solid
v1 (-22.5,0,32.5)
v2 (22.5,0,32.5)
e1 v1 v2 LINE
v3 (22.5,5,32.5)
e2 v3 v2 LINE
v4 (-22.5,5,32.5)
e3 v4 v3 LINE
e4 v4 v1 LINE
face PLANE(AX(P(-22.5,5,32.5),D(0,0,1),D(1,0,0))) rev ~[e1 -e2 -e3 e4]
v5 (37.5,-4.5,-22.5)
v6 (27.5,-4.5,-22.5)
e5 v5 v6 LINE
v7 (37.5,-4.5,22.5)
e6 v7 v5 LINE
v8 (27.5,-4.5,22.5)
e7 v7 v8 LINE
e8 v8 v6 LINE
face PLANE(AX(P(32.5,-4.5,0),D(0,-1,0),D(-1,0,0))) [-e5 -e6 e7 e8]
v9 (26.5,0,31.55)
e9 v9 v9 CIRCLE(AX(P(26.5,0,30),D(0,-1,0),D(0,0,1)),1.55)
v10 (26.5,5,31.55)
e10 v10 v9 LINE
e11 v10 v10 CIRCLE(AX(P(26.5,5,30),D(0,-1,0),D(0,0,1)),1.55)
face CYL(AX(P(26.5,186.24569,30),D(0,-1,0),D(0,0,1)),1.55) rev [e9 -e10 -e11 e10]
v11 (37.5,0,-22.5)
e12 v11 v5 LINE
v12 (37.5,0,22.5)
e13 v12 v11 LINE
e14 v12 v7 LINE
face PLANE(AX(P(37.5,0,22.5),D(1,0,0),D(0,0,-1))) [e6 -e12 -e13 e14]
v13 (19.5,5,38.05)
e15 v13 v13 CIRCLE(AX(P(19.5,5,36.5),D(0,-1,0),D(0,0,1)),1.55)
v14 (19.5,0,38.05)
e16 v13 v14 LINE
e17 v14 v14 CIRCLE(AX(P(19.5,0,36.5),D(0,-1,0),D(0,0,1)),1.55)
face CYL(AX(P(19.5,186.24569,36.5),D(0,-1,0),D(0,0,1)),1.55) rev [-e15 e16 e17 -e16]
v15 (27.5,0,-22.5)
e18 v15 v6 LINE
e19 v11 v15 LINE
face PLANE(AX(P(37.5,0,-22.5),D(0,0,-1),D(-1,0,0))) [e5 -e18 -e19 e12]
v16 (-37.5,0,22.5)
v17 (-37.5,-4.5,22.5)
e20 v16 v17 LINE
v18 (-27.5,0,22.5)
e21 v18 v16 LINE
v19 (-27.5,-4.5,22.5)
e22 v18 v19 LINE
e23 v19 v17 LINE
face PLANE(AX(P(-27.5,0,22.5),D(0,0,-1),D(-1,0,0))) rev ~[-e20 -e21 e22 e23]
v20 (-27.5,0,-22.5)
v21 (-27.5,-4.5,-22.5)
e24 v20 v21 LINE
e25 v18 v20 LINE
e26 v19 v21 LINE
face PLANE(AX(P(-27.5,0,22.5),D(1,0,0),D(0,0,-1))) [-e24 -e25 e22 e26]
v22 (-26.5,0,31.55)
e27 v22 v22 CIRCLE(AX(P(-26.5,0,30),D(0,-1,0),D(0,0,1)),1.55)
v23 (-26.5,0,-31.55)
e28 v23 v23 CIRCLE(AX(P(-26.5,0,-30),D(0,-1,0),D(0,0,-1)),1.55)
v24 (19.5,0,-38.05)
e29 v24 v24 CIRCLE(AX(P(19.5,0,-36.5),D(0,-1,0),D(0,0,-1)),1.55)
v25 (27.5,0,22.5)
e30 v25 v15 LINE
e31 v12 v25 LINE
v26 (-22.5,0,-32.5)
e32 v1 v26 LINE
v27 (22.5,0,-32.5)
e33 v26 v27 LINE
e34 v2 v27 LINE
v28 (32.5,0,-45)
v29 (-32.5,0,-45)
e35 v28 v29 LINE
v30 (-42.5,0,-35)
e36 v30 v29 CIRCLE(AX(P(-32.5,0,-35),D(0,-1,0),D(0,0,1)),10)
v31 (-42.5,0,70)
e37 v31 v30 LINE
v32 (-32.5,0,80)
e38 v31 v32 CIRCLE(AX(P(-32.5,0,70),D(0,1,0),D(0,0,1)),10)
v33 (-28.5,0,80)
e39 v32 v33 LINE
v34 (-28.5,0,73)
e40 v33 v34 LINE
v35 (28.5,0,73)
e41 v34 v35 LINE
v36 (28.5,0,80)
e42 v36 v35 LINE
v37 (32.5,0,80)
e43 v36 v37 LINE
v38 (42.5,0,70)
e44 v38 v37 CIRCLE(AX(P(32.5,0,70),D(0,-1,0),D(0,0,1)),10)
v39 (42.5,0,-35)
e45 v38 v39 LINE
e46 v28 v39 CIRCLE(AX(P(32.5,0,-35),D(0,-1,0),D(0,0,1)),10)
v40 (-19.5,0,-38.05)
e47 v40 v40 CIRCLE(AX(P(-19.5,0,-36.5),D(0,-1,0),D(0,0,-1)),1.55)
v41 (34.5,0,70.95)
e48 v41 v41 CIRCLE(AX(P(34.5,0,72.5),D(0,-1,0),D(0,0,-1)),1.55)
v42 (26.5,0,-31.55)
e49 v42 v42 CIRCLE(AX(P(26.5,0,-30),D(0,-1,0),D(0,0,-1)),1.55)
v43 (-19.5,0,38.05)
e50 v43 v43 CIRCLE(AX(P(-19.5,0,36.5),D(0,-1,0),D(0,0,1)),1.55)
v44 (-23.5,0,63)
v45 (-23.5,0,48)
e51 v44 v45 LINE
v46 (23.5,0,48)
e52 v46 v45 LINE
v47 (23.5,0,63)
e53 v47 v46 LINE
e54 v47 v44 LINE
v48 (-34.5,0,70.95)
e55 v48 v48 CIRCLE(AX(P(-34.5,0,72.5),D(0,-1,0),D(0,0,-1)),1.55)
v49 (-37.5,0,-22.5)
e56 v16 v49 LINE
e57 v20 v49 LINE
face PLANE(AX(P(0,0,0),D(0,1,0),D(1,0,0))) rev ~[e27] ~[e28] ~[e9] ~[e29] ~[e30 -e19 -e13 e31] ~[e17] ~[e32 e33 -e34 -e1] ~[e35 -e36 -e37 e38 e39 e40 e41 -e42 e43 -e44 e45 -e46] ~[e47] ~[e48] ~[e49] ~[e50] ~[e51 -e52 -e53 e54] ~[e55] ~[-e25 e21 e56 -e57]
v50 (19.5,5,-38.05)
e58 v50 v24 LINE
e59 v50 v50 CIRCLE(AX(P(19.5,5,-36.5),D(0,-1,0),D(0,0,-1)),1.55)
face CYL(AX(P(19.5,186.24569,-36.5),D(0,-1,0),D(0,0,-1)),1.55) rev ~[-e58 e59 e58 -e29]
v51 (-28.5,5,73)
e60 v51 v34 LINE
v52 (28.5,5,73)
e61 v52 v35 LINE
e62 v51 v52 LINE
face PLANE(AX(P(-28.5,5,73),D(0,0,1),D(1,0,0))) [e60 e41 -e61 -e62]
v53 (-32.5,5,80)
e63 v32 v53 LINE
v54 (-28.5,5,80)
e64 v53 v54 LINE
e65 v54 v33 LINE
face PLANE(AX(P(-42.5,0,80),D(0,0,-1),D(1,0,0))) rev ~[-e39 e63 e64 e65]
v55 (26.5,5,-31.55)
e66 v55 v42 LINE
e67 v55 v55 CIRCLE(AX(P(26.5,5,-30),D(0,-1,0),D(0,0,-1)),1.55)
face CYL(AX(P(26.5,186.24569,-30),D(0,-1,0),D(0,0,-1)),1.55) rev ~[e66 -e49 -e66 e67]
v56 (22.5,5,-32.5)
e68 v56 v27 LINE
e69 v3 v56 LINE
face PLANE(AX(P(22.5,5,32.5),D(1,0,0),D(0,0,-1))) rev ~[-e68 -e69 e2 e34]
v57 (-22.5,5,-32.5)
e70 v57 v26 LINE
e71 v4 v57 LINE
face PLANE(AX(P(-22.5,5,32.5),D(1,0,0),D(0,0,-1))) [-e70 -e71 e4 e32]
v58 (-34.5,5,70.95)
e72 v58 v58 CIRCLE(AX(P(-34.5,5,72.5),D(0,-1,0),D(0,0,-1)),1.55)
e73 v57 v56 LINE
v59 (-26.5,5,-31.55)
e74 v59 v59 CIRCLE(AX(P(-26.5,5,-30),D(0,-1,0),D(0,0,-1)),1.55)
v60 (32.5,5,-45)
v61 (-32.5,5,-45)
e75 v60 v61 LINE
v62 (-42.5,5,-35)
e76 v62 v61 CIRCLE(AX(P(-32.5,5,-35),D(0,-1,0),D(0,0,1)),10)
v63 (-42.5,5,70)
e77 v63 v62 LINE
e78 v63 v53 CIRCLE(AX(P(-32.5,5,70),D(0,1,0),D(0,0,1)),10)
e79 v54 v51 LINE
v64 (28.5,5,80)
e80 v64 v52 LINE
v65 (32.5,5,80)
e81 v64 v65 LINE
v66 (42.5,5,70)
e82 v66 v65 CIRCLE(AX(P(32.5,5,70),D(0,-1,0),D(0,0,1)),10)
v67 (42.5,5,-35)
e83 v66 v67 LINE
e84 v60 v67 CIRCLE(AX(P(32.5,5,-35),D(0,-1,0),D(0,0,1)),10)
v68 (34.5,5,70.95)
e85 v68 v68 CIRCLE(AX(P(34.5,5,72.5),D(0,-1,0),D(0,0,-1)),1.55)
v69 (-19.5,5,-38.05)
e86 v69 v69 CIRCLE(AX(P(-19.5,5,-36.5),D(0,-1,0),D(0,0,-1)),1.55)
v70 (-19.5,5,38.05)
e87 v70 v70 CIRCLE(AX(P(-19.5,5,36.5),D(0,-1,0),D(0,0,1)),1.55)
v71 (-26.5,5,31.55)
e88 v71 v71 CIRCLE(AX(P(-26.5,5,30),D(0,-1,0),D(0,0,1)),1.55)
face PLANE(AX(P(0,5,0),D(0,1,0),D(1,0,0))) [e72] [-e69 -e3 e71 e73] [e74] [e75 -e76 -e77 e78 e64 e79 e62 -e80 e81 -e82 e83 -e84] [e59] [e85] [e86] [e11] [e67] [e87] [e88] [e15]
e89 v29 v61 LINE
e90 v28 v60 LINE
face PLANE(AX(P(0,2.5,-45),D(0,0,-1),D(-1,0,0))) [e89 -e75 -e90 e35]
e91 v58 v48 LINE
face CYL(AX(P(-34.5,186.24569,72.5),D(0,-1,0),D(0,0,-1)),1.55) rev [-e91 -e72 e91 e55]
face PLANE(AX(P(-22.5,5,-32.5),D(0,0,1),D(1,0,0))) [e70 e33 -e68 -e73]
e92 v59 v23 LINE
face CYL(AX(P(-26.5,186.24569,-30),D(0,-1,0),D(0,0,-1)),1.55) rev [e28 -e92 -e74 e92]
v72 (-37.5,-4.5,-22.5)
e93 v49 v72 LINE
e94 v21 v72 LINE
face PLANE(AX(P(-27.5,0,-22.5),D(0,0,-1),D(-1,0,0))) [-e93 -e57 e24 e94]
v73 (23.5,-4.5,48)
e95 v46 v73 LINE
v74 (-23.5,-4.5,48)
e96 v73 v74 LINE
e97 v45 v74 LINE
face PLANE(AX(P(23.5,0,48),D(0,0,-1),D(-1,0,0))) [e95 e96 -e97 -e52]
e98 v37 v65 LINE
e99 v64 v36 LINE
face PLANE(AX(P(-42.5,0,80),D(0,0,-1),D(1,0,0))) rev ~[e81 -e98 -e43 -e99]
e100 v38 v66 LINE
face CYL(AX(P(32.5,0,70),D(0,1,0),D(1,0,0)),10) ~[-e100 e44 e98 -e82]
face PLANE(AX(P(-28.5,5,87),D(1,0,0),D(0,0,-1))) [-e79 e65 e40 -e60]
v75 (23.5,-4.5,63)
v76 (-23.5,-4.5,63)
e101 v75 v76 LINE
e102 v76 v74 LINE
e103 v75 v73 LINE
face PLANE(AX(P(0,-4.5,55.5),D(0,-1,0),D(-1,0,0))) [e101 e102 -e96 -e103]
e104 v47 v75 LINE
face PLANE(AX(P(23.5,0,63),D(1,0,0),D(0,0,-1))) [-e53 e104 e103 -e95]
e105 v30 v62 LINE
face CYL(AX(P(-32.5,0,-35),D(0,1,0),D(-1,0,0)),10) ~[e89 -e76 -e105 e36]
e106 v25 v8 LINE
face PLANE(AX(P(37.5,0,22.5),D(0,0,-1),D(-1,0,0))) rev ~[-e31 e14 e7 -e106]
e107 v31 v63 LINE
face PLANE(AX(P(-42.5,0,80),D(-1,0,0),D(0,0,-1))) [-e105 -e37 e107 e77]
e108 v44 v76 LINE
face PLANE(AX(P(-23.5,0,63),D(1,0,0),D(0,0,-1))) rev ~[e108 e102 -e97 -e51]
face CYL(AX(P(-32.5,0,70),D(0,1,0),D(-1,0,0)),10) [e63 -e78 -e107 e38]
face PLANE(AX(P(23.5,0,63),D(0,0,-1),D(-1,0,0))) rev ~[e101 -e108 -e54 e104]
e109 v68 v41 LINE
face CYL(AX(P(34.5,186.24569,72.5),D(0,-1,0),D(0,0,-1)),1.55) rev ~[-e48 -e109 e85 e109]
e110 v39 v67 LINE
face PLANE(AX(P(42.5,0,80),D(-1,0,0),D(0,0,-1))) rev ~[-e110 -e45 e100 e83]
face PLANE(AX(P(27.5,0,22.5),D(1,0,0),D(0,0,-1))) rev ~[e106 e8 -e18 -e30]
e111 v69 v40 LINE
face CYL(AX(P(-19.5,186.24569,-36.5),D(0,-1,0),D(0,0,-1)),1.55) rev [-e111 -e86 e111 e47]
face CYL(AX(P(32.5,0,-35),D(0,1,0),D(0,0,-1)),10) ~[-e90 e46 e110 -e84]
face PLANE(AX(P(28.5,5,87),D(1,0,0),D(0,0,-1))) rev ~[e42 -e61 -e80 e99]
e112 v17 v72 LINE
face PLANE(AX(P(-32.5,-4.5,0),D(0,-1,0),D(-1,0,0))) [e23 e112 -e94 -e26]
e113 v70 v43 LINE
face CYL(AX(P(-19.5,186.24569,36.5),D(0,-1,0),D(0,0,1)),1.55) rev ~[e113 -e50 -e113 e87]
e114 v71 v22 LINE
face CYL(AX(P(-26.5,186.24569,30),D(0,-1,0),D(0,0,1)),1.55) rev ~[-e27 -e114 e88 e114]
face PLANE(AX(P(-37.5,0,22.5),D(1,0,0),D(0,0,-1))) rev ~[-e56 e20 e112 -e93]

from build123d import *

# Parameters (mm, degrees)
SKETCH1_W             = 85
SKETCH1_H             = 160
BOSS_EXTRUDE1_DEPTH   = 5
SKETCH2_W             = 45
SKETCH2_H             = 65
CUT_EXTRUDE1_DEPTH    = 91.726236558
SKETCH8_W             = 57
SKETCH8_H             = 14
CUT_EXTRUDE2_DEPTH    = 91.726236558
F_2_0MM_DOWEL_HOLE1_D = 3.1
MIRROR9_COPY_1_D      = 3.1
F_2_0MM_DOWEL_HOLE3_D = 3.1
MIRROR11_COPY_1_D     = 3.1
F_2_5MM_DOWEL_HOLE4_D = 3.1
SKETCH39_W            = 85
SKETCH39_H            = 5
CUT_EXTRUDE3_DEPTH    = 35
FILLET1_R             = 10
SKETCH41_W            = 47
SKETCH41_H            = 15
SKETCH41_W_2          = 10
SKETCH41_H_2          = 45
BOSS_EXTRUDE3_DEPTH   = 4.5


with BuildPart() as part:
    # Sketch1 → Boss-Extrude1 (new body)
    with BuildSketch(Plane(origin=(0, 0, 0), x_dir=(1, 0, 0), z_dir=(0, 1, 0))):
        Rectangle(SKETCH1_W, SKETCH1_H)
    extrude(amount=BOSS_EXTRUDE1_DEPTH)

    # Sketch2 → Cut-Extrude1 (cut, through all)
    with BuildSketch(Plane(origin=(0, 5, 0), x_dir=(1, 0, 0), z_dir=(0, 1, 0))):
        Rectangle(SKETCH2_W, SKETCH2_H)
    extrude(amount=-CUT_EXTRUDE1_DEPTH, mode=Mode.SUBTRACT)

    # Sketch8 → Cut-Extrude2 (cut, through all)
    with BuildSketch(Plane(origin=(0, 5, 0), x_dir=(1, 0, 0), z_dir=(0, 1, 0))):
        with Locations((0, -80)):
            Rectangle(SKETCH8_W, SKETCH8_H)
    extrude(amount=-CUT_EXTRUDE2_DEPTH, mode=Mode.SUBTRACT)

    # Ø2.0mm Dowel Hole1 (through all)
    with Locations(Plane(origin=(26.5, 5, -30), x_dir=(0, 0, 1), z_dir=(0, 1, 0))):
        with Locations((0, 0)):
            f_2_0mm_dowel_hole1 = Hole(F_2_0MM_DOWEL_HOLE1_D / 2)

    # Mirror8: Ø2.0mm Dowel Hole1 across plane
    add(f_2_0mm_dowel_hole1.mirror(Plane(origin=(0, 0, 0), x_dir=(0, 0, 1), z_dir=(1, 0, 0))), mode=Mode.SUBTRACT)

    # Mirror9: Ø2.0mm Dowel Hole1 across plane
    add(f_2_0mm_dowel_hole1.mirror(Plane.XY), mode=Mode.SUBTRACT)

    # Mirror9 copy 1 (through all)
    with Locations(Plane(origin=(-26.5, 5, 30), x_dir=(0, 0, -1), z_dir=(0, 1, 0))):
        with Locations((0, 0)):
            Hole(MIRROR9_COPY_1_D / 2)

    # Ø2.0mm Dowel Hole3 (through all)
    with Locations(Plane(origin=(19.5, 5, -36.5), x_dir=(0, 0, 1), z_dir=(0, 1, 0))):
        with Locations((0, 0)):
            f_2_0mm_dowel_hole3 = Hole(F_2_0MM_DOWEL_HOLE3_D / 2)

    # Mirror10: Ø2.0mm Dowel Hole3 across plane
    add(f_2_0mm_dowel_hole3.mirror(Plane(origin=(0, 0, 0), x_dir=(0, 0, 1), z_dir=(1, 0, 0))), mode=Mode.SUBTRACT)

    # Mirror11: Ø2.0mm Dowel Hole3 across plane
    add(f_2_0mm_dowel_hole3.mirror(Plane.XY), mode=Mode.SUBTRACT)

    # Mirror11 copy 1 (through all)
    with Locations(Plane(origin=(-19.5, 5, 36.5), x_dir=(0, 0, -1), z_dir=(0, 1, 0))):
        with Locations((0, 0)):
            Hole(MIRROR11_COPY_1_D / 2)

    # Ø2.5mm Dowel Hole4 (through all)
    with Locations(Plane(origin=(34.5, 5, 72.5), x_dir=(0, 0, 1), z_dir=(0, 1, 0))):
        with Locations((0, 0)):
            f_2_5mm_dowel_hole4 = Hole(F_2_5MM_DOWEL_HOLE4_D / 2)

    # Mirror12: Ø2.5mm Dowel Hole4 across plane
    add(f_2_5mm_dowel_hole4.mirror(Plane(origin=(0, 0, 0), x_dir=(0, 0, 1), z_dir=(1, 0, 0))), mode=Mode.SUBTRACT)

    # Sketch39 → Cut-Extrude3 (cut)
    with BuildSketch(Plane(origin=(0, 0, -80), x_dir=(-1, 0, 0), z_dir=(0, 0, -1))):
        with Locations((0, 2.5)):
            Rectangle(SKETCH39_W, SKETCH39_H)
    extrude(amount=-CUT_EXTRUDE3_DEPTH, mode=Mode.SUBTRACT)

    # Fillet1
    fillet1_edges = [part.edges().sort_by_distance(p)[0] for p in [
        (-42.5, 2.5, -45),
        (42.5, 2.5, -45),
        (42.5, 2.5, 80),
        (-42.5, 2.5, 80),
    ]]
    fillet(fillet1_edges, radius=FILLET1_R)

    # Sketch41 → Boss-Extrude3 (add)
    with BuildSketch(Plane(origin=(0, 0, 0), x_dir=(-1, 0, 0), z_dir=(0, -1, 0))):
        with Locations((0, -55.5)):
            Rectangle(SKETCH41_W, SKETCH41_H)
        with Locations((32.5, 0)):
            Rectangle(SKETCH41_W_2, SKETCH41_H_2)
        with Locations((-32.5, 0)):
            Rectangle(SKETCH41_W_2, SKETCH41_H_2)
    extrude(amount=BOSS_EXTRUDE3_DEPTH)


solid = part.part
